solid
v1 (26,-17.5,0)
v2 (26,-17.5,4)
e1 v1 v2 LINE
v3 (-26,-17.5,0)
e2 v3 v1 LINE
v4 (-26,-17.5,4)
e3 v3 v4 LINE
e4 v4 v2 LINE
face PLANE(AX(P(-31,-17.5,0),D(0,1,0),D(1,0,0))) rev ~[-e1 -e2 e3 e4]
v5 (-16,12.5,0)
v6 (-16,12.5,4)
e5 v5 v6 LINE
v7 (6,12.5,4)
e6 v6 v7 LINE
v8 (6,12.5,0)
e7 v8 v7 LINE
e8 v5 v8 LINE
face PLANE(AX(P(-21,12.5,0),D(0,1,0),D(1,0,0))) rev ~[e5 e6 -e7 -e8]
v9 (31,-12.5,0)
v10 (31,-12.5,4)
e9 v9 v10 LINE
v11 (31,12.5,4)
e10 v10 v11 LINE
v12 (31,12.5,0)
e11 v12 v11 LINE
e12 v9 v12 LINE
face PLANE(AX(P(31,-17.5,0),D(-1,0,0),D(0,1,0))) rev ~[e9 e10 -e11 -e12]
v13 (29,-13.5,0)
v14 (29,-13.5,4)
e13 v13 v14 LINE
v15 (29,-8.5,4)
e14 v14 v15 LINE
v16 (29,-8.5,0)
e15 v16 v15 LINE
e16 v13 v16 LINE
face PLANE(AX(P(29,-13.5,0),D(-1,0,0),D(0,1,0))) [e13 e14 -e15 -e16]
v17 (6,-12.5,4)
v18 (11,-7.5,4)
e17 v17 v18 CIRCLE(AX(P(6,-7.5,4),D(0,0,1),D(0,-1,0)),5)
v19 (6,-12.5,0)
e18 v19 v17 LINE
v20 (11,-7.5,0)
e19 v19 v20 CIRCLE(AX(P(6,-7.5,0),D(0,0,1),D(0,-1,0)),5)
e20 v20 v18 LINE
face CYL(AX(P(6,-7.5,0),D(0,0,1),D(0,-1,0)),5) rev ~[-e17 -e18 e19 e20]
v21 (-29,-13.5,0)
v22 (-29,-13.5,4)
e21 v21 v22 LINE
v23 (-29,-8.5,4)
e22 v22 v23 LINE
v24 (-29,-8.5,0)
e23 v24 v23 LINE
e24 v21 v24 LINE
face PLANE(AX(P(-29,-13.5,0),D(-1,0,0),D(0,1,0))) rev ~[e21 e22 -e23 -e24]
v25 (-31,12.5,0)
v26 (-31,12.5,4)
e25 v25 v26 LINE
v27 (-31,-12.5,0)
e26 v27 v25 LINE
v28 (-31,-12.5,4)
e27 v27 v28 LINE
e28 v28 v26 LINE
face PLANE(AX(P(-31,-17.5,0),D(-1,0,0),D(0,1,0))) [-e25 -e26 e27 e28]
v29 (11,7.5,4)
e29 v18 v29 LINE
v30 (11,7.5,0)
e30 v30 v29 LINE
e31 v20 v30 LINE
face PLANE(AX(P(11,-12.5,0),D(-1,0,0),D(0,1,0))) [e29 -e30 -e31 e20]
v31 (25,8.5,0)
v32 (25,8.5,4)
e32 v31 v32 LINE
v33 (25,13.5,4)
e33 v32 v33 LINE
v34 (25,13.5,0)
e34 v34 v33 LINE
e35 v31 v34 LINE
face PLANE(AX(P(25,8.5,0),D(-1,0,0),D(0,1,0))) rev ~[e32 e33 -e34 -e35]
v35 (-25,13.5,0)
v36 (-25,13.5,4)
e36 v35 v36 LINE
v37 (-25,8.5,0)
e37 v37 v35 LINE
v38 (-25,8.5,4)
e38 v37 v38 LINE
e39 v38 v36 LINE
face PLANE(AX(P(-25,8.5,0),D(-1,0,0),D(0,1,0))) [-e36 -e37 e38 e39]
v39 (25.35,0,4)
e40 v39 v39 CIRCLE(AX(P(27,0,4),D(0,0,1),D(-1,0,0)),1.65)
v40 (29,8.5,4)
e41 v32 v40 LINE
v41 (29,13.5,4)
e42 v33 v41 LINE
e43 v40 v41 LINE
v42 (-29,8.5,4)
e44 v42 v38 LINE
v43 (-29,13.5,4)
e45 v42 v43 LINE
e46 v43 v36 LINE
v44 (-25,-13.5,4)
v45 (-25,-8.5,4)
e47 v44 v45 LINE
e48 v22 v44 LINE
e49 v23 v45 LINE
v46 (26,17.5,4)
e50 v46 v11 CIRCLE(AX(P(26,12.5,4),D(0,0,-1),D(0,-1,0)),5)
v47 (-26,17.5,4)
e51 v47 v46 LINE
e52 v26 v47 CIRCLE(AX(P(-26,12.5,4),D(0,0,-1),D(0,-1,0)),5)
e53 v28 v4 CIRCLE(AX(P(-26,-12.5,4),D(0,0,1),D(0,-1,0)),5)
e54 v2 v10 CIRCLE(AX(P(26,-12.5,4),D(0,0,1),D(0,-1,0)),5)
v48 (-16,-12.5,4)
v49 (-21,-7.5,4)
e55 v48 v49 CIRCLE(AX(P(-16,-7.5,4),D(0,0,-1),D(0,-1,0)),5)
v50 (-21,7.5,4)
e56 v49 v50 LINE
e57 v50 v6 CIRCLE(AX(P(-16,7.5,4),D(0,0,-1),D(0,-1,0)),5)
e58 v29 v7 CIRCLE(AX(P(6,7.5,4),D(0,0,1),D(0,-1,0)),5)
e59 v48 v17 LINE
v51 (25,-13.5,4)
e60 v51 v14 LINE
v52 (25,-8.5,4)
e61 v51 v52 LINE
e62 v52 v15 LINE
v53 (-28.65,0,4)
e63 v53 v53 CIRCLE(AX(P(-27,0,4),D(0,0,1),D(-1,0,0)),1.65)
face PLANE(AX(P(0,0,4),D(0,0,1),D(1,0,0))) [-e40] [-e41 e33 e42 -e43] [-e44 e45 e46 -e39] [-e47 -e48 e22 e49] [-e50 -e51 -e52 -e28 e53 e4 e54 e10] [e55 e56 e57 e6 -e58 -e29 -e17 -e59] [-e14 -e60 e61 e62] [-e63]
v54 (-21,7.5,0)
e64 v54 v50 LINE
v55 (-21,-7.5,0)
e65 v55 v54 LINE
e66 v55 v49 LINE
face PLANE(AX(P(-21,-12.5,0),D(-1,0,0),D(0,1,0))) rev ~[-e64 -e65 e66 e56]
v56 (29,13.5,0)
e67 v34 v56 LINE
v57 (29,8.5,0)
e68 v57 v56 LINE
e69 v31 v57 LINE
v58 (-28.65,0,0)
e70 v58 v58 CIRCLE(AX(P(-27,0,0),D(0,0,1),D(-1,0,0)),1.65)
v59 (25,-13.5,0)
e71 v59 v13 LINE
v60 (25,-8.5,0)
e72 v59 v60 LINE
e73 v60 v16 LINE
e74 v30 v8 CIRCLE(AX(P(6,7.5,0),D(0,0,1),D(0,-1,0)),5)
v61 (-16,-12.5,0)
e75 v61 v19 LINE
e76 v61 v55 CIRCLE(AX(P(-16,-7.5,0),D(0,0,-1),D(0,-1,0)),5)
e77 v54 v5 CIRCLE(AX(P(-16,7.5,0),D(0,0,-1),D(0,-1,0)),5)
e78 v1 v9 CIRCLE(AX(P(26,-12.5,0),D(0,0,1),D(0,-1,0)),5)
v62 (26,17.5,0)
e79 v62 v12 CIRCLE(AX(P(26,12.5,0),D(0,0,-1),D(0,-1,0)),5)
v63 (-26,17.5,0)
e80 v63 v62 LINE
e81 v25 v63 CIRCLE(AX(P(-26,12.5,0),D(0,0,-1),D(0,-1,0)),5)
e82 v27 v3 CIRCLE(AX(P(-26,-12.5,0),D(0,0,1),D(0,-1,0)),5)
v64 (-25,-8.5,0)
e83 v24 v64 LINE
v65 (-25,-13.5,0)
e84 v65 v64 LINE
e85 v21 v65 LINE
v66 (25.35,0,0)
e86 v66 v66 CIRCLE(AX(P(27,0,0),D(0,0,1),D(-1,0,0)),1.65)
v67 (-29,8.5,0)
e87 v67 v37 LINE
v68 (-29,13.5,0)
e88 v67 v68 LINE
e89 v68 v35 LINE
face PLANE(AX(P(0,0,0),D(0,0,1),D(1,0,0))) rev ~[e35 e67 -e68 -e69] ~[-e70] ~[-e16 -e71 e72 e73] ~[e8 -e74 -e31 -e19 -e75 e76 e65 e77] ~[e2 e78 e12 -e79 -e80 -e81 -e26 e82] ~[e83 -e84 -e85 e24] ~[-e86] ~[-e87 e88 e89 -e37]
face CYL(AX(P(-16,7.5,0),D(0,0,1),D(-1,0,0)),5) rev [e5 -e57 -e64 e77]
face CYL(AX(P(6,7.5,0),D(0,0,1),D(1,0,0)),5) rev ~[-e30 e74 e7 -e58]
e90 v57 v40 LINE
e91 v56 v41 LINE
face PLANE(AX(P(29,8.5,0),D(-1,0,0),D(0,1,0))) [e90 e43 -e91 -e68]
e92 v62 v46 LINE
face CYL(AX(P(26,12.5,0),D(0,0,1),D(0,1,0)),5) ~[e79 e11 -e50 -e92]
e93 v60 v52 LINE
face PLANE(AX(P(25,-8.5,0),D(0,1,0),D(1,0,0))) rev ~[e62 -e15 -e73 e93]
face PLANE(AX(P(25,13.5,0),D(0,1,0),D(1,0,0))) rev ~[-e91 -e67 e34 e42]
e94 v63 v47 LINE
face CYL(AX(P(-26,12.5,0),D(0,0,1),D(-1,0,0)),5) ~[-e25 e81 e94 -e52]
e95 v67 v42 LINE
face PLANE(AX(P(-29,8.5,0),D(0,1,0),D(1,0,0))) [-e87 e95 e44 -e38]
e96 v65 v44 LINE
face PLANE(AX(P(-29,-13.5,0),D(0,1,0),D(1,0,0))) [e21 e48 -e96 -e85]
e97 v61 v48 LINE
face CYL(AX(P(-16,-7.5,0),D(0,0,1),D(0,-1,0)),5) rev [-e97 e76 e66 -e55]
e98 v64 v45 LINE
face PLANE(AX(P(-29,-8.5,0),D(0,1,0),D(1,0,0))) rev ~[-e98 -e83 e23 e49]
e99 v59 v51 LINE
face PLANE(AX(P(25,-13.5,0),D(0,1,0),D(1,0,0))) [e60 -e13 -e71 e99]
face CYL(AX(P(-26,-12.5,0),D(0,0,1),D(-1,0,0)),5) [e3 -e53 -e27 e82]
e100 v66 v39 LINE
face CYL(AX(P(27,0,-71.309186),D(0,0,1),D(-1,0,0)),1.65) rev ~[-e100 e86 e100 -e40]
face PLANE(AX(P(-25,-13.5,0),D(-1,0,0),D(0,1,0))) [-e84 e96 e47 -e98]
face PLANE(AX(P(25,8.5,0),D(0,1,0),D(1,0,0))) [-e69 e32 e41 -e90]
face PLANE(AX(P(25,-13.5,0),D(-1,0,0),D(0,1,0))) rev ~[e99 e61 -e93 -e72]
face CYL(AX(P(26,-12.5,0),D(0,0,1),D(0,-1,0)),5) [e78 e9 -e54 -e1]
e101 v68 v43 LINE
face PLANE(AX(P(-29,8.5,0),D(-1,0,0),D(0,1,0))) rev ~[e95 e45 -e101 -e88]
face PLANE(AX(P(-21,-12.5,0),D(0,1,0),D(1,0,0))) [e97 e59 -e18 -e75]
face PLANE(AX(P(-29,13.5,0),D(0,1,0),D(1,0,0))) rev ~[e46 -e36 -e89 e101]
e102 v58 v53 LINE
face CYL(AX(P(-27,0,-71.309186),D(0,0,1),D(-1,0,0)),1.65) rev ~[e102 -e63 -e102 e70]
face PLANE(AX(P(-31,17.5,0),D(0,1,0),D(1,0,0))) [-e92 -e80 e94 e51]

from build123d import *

# Parameters (mm, degrees)
F0_W     = 62
F0_H     = 35
F0_W_2   = 4
F0_H_2   = 5
F0_W_3   = 32
F0_H_3   = 25
F1_DEPTH = 4
F2_D     = 3.3
F3_R     = 5
F4_R     = 5


with BuildPart() as f1:
    # F0 (on Top) → F1 (new body)
    with BuildSketch(Plane.XY):
        Rectangle(F0_W, F0_H)
        with Locations((-27, -11)):
            Rectangle(F0_W_2, F0_H_2, mode=Mode.SUBTRACT)
        with Locations((27, -11)):
            Rectangle(F0_W_2, F0_H_2, mode=Mode.SUBTRACT)
        with Locations((-5, 0)):
            Rectangle(F0_W_3, F0_H_3, mode=Mode.SUBTRACT)
        with Locations((-27, 11)):
            Rectangle(F0_W_2, F0_H_2, mode=Mode.SUBTRACT)
        with Locations((27, 11)):
            Rectangle(F0_W_2, F0_H_2, mode=Mode.SUBTRACT)
    extrude(amount=F1_DEPTH)

    # F2 (through all)
    with Locations(Plane(origin=(0, 0, 0), x_dir=(1, 0, 0), z_dir=(0, 0, -1))):
        with Locations((-27, 0), (27, 0)):
            Hole(F2_D / 2)

    # F3
    f3_edges = [f1.edges().sort_by_distance(p)[0] for p in [
        (-31, -17.5, 2),
        (31, -17.5, 2),
        (31, 17.5, 2),
        (-31, 17.5, 2),
    ]]
    fillet(f3_edges, radius=F3_R)

    # F4
    f4_edges = [f1.edges().sort_by_distance(p)[0] for p in [
        (-21, 12.5, 2),
        (11, 12.5, 2),
        (11, -12.5, 2),
        (-21, -12.5, 2),
    ]]
    fillet(f4_edges, radius=F4_R)


solid = f1.part
